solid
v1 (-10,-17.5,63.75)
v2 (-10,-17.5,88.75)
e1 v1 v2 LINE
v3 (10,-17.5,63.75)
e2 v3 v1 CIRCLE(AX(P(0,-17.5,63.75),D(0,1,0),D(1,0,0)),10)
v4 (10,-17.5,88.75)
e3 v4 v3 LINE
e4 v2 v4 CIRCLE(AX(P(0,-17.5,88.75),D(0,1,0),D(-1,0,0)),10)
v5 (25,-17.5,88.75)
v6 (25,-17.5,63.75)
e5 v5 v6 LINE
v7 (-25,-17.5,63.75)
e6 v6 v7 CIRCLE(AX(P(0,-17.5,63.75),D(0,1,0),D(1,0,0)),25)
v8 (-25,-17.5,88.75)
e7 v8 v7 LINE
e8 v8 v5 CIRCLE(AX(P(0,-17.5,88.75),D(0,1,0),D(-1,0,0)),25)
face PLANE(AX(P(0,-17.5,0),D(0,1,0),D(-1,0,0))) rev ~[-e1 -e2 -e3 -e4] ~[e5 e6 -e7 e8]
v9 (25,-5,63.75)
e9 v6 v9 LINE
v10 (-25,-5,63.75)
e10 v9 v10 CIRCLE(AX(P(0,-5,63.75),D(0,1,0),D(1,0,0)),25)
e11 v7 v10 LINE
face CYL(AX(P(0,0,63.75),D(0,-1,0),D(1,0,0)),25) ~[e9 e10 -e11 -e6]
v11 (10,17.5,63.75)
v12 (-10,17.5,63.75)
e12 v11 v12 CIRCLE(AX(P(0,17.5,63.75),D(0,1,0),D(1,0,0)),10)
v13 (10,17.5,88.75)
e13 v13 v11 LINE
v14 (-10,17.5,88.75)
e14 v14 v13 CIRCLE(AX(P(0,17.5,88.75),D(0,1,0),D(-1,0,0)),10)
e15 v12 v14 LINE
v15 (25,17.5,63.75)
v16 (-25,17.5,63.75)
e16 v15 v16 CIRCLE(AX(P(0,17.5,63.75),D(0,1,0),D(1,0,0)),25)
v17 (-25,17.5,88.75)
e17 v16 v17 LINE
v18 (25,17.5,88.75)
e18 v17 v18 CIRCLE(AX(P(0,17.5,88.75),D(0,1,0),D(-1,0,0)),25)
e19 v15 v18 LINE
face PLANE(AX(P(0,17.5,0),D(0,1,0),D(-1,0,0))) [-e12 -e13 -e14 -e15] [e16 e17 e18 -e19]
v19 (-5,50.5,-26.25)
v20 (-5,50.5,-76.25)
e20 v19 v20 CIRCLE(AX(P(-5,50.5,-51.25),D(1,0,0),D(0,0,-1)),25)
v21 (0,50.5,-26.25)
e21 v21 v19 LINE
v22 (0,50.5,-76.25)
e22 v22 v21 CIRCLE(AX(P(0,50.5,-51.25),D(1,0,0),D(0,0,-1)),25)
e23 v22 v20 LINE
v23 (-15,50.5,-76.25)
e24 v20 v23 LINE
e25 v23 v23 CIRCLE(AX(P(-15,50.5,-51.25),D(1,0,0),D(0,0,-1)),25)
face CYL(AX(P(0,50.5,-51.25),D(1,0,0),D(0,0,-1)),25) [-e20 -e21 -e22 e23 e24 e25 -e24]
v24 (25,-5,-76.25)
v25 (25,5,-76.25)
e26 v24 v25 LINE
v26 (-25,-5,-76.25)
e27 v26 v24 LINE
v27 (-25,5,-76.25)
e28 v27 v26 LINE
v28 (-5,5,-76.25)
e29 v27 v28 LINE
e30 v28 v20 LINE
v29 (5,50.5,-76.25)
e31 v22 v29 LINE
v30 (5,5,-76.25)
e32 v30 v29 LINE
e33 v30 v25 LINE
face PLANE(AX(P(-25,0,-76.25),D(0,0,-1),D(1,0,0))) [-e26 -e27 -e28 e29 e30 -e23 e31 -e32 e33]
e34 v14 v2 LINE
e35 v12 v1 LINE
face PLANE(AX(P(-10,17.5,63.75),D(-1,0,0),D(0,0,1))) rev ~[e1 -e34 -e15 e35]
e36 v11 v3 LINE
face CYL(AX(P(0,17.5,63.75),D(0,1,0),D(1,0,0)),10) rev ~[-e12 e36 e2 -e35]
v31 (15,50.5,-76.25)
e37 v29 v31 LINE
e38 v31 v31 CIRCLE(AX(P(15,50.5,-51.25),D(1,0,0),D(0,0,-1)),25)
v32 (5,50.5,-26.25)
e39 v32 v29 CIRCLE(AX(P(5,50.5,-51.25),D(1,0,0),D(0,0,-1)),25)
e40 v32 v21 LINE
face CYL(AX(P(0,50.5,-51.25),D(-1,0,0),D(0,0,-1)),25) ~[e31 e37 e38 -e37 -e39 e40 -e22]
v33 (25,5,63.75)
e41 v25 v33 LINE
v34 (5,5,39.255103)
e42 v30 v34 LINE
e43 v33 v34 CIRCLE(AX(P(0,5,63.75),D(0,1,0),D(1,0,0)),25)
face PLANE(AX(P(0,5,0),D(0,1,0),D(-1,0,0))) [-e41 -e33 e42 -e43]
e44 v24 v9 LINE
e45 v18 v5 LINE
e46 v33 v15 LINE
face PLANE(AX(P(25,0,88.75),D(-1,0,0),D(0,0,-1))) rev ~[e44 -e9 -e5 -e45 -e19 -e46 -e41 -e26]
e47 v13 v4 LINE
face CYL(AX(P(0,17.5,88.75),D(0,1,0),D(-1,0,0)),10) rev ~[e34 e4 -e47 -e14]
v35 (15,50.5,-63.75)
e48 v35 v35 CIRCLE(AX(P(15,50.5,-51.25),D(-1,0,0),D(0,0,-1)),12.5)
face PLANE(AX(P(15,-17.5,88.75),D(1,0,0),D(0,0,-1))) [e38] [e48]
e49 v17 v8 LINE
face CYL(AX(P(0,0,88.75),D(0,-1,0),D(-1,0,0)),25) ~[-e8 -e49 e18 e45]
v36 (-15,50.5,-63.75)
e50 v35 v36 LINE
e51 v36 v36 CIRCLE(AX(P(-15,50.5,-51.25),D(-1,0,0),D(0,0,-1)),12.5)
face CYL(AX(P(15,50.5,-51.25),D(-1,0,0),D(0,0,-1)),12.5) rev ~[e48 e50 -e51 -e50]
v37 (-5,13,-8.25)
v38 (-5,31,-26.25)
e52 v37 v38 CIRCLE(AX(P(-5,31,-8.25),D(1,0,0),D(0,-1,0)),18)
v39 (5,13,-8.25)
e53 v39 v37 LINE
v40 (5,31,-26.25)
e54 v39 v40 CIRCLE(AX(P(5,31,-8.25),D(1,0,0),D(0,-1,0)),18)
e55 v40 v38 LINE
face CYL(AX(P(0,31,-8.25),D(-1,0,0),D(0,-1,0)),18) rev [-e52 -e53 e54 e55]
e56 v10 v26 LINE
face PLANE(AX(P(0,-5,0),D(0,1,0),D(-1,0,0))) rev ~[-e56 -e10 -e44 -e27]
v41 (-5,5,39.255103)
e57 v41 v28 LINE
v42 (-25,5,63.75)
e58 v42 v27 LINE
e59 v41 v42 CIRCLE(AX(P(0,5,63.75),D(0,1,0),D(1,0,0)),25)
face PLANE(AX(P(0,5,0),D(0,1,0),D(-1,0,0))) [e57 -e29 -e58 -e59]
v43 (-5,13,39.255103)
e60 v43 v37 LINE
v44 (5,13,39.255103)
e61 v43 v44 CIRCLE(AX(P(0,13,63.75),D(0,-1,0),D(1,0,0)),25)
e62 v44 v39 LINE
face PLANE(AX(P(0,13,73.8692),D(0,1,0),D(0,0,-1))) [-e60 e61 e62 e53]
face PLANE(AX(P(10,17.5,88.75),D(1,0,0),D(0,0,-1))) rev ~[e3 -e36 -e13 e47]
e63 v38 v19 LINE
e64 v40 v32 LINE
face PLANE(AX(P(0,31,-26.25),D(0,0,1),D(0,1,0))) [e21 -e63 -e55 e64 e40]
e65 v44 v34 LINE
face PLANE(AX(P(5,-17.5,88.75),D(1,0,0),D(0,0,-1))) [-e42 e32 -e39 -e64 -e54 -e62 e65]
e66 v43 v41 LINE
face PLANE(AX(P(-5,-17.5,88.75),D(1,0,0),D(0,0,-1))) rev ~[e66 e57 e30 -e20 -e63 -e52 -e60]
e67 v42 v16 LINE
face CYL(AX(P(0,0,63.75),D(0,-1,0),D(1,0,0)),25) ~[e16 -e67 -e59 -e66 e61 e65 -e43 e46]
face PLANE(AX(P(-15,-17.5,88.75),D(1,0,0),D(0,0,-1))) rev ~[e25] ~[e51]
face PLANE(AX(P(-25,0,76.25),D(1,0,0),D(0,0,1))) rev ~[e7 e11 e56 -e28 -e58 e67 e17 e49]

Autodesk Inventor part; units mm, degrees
ref_plane "YZ Plane" through (0, 0, 0) normal (1, 0, 0) x (0, 1, 0)
ref_plane "XZ Plane" through (0, 0, 0) normal (0, 1, 0) x (-1, 0, 0)
ref_plane "XY Plane" through (0, 0, 0) normal (0, 0, 1) x (1, 0, 0)
sketch "Esboço1" plane through (0, 0, 0) normal (0, 1, 0) x (-1, 0, 0)
  line L0 (-25, 76.25) -> (25, 76.25)
  line L1 (25, 76.25) -> (25, -76.25)
  line L2 (25, -76.25) -> (-25, -76.25)
  line L3 (-25, -76.25) -> (-25, 76.25)
  line L4 (-25, 76.25) -> (25, -76.25) construction
  line L5 (25, 76.25) -> (-25, -76.25) construction
  line L6 (0, 88.75) -> (0, 63.75) construction
  line L7 (-25, 88.75) -> (-25, 63.75)
  line L8 (25, 63.75) -> (25, 88.75)
  arc A0 (25, 88.75) -> (-25, 88.75) centre (0, 88.75) ccw
  arc A1 (-25, 63.75) -> (25, 63.75) centre (0, 63.75) ccw
  point P0 (0, 0)
  point P1 (0, 76.25)
  point P2 (0, -76.25)
  point P3 (0, 113.75)
  dimension "d0" = 190
  dimension "d1" = 50
  dimension "d2" = 25
extrude "Extrusão1" add sketch "Esboço1" along normal mid plane 35 contours L7 A0 L8 L0 | L0 L1 A1 L3
extrude "Extrusão2" add sketch "Esboço1" along normal mid plane 10 contours A1 L1 L2 L3
ref_plane "Plano de trabalho1" through (0, -17.5, 88.75) normal (1, 0, 0) x (0, 0, -1)
sketch "Esboço2" plane through (0, -17.5, 88.75) normal (1, 0, 0) x (0, 0, -1)
  circle A0 centre (140, 68) radius 25
  line L0 (165, 12.5) -> (165, 22.5) projected
  line L1 (165, 12.5) -> (25, 12.5) projected
  point P0 (88.75, 17.5)
  dimension "d7" = 50
  dimension "d10" = 55.5
extrude "Extrusão3" add sketch "Esboço2" along normal mid plane 30
sketch "Esboço5" plane through (0, -17.5, 88.75) normal (1, 0, 0) x (0, 0, -1)
  line L0 (25, 22.5) -> (165, 22.5) projected
  line L1 (165, 22.5) -> (165, 68)
  circle A0 centre (140, 68) radius 25 projected
  line L2 (165, 22.5) -> (14.8808, 22.5)
  line L3 (14.8808, 22.5) -> (14.8808, 30.5)
  line L4 (14.8808, 30.5) -> (97, 30.5)
  line L5 (115, 48.5) -> (115, 68)
  arc A1 (97, 30.5) -> (115, 48.5) centre (97, 48.5) ccw
  point P0 (88.75, 17.5)
  dimension "d11" = 8
  dimension "d12" = 18
extrude "Extrusão4" add sketch "Esboço5" along normal mid plane 10 contours L2 L3 L4 A1 L5 A0 L1 L0
sketch "Esboço6" plane through (15, 50.5, -51.25) normal (1, 0, 0) x (0, 0, -1)
  circle A0 centre (0, 0) radius 25 projected
  point P0 (-51.25, -50.5)
hole "Furo1" at (15, 50.5, -51.25) direction (-1, 0, 0) diameter 25 end through all
sketch "Esboço7" plane through (0, 17.5, 0) normal (0, 1, 0) x (1, 0, 0)
  line L0 (25, -88.75) -> (25, -63.75) projected
  arc A0 (25, -63.75) -> (-25, -63.75) centre (0, -63.75) ccw projected
  line L1 (-25, -63.75) -> (-25, -88.75) projected
  arc A1 (-25, -88.75) -> (25, -88.75) centre (0, -88.75) ccw projected
  line L2 (10, -88.75) -> (10, -63.75)
  arc A2 (10, -63.75) -> (-10, -63.75) centre (0, -63.75) ccw
  line L3 (-10, -63.75) -> (-10, -88.75)
  arc A3 (-10, -88.75) -> (10, -88.75) centre (0, -88.75) ccw
  point P0 (0, 0)
  dimension "d22" = 20
extrude "Extrusão5" cut sketch "Esboço7" against normal through all contours A3 L3 A2 L2
properties part number "Peça teste2" material "Prata"
